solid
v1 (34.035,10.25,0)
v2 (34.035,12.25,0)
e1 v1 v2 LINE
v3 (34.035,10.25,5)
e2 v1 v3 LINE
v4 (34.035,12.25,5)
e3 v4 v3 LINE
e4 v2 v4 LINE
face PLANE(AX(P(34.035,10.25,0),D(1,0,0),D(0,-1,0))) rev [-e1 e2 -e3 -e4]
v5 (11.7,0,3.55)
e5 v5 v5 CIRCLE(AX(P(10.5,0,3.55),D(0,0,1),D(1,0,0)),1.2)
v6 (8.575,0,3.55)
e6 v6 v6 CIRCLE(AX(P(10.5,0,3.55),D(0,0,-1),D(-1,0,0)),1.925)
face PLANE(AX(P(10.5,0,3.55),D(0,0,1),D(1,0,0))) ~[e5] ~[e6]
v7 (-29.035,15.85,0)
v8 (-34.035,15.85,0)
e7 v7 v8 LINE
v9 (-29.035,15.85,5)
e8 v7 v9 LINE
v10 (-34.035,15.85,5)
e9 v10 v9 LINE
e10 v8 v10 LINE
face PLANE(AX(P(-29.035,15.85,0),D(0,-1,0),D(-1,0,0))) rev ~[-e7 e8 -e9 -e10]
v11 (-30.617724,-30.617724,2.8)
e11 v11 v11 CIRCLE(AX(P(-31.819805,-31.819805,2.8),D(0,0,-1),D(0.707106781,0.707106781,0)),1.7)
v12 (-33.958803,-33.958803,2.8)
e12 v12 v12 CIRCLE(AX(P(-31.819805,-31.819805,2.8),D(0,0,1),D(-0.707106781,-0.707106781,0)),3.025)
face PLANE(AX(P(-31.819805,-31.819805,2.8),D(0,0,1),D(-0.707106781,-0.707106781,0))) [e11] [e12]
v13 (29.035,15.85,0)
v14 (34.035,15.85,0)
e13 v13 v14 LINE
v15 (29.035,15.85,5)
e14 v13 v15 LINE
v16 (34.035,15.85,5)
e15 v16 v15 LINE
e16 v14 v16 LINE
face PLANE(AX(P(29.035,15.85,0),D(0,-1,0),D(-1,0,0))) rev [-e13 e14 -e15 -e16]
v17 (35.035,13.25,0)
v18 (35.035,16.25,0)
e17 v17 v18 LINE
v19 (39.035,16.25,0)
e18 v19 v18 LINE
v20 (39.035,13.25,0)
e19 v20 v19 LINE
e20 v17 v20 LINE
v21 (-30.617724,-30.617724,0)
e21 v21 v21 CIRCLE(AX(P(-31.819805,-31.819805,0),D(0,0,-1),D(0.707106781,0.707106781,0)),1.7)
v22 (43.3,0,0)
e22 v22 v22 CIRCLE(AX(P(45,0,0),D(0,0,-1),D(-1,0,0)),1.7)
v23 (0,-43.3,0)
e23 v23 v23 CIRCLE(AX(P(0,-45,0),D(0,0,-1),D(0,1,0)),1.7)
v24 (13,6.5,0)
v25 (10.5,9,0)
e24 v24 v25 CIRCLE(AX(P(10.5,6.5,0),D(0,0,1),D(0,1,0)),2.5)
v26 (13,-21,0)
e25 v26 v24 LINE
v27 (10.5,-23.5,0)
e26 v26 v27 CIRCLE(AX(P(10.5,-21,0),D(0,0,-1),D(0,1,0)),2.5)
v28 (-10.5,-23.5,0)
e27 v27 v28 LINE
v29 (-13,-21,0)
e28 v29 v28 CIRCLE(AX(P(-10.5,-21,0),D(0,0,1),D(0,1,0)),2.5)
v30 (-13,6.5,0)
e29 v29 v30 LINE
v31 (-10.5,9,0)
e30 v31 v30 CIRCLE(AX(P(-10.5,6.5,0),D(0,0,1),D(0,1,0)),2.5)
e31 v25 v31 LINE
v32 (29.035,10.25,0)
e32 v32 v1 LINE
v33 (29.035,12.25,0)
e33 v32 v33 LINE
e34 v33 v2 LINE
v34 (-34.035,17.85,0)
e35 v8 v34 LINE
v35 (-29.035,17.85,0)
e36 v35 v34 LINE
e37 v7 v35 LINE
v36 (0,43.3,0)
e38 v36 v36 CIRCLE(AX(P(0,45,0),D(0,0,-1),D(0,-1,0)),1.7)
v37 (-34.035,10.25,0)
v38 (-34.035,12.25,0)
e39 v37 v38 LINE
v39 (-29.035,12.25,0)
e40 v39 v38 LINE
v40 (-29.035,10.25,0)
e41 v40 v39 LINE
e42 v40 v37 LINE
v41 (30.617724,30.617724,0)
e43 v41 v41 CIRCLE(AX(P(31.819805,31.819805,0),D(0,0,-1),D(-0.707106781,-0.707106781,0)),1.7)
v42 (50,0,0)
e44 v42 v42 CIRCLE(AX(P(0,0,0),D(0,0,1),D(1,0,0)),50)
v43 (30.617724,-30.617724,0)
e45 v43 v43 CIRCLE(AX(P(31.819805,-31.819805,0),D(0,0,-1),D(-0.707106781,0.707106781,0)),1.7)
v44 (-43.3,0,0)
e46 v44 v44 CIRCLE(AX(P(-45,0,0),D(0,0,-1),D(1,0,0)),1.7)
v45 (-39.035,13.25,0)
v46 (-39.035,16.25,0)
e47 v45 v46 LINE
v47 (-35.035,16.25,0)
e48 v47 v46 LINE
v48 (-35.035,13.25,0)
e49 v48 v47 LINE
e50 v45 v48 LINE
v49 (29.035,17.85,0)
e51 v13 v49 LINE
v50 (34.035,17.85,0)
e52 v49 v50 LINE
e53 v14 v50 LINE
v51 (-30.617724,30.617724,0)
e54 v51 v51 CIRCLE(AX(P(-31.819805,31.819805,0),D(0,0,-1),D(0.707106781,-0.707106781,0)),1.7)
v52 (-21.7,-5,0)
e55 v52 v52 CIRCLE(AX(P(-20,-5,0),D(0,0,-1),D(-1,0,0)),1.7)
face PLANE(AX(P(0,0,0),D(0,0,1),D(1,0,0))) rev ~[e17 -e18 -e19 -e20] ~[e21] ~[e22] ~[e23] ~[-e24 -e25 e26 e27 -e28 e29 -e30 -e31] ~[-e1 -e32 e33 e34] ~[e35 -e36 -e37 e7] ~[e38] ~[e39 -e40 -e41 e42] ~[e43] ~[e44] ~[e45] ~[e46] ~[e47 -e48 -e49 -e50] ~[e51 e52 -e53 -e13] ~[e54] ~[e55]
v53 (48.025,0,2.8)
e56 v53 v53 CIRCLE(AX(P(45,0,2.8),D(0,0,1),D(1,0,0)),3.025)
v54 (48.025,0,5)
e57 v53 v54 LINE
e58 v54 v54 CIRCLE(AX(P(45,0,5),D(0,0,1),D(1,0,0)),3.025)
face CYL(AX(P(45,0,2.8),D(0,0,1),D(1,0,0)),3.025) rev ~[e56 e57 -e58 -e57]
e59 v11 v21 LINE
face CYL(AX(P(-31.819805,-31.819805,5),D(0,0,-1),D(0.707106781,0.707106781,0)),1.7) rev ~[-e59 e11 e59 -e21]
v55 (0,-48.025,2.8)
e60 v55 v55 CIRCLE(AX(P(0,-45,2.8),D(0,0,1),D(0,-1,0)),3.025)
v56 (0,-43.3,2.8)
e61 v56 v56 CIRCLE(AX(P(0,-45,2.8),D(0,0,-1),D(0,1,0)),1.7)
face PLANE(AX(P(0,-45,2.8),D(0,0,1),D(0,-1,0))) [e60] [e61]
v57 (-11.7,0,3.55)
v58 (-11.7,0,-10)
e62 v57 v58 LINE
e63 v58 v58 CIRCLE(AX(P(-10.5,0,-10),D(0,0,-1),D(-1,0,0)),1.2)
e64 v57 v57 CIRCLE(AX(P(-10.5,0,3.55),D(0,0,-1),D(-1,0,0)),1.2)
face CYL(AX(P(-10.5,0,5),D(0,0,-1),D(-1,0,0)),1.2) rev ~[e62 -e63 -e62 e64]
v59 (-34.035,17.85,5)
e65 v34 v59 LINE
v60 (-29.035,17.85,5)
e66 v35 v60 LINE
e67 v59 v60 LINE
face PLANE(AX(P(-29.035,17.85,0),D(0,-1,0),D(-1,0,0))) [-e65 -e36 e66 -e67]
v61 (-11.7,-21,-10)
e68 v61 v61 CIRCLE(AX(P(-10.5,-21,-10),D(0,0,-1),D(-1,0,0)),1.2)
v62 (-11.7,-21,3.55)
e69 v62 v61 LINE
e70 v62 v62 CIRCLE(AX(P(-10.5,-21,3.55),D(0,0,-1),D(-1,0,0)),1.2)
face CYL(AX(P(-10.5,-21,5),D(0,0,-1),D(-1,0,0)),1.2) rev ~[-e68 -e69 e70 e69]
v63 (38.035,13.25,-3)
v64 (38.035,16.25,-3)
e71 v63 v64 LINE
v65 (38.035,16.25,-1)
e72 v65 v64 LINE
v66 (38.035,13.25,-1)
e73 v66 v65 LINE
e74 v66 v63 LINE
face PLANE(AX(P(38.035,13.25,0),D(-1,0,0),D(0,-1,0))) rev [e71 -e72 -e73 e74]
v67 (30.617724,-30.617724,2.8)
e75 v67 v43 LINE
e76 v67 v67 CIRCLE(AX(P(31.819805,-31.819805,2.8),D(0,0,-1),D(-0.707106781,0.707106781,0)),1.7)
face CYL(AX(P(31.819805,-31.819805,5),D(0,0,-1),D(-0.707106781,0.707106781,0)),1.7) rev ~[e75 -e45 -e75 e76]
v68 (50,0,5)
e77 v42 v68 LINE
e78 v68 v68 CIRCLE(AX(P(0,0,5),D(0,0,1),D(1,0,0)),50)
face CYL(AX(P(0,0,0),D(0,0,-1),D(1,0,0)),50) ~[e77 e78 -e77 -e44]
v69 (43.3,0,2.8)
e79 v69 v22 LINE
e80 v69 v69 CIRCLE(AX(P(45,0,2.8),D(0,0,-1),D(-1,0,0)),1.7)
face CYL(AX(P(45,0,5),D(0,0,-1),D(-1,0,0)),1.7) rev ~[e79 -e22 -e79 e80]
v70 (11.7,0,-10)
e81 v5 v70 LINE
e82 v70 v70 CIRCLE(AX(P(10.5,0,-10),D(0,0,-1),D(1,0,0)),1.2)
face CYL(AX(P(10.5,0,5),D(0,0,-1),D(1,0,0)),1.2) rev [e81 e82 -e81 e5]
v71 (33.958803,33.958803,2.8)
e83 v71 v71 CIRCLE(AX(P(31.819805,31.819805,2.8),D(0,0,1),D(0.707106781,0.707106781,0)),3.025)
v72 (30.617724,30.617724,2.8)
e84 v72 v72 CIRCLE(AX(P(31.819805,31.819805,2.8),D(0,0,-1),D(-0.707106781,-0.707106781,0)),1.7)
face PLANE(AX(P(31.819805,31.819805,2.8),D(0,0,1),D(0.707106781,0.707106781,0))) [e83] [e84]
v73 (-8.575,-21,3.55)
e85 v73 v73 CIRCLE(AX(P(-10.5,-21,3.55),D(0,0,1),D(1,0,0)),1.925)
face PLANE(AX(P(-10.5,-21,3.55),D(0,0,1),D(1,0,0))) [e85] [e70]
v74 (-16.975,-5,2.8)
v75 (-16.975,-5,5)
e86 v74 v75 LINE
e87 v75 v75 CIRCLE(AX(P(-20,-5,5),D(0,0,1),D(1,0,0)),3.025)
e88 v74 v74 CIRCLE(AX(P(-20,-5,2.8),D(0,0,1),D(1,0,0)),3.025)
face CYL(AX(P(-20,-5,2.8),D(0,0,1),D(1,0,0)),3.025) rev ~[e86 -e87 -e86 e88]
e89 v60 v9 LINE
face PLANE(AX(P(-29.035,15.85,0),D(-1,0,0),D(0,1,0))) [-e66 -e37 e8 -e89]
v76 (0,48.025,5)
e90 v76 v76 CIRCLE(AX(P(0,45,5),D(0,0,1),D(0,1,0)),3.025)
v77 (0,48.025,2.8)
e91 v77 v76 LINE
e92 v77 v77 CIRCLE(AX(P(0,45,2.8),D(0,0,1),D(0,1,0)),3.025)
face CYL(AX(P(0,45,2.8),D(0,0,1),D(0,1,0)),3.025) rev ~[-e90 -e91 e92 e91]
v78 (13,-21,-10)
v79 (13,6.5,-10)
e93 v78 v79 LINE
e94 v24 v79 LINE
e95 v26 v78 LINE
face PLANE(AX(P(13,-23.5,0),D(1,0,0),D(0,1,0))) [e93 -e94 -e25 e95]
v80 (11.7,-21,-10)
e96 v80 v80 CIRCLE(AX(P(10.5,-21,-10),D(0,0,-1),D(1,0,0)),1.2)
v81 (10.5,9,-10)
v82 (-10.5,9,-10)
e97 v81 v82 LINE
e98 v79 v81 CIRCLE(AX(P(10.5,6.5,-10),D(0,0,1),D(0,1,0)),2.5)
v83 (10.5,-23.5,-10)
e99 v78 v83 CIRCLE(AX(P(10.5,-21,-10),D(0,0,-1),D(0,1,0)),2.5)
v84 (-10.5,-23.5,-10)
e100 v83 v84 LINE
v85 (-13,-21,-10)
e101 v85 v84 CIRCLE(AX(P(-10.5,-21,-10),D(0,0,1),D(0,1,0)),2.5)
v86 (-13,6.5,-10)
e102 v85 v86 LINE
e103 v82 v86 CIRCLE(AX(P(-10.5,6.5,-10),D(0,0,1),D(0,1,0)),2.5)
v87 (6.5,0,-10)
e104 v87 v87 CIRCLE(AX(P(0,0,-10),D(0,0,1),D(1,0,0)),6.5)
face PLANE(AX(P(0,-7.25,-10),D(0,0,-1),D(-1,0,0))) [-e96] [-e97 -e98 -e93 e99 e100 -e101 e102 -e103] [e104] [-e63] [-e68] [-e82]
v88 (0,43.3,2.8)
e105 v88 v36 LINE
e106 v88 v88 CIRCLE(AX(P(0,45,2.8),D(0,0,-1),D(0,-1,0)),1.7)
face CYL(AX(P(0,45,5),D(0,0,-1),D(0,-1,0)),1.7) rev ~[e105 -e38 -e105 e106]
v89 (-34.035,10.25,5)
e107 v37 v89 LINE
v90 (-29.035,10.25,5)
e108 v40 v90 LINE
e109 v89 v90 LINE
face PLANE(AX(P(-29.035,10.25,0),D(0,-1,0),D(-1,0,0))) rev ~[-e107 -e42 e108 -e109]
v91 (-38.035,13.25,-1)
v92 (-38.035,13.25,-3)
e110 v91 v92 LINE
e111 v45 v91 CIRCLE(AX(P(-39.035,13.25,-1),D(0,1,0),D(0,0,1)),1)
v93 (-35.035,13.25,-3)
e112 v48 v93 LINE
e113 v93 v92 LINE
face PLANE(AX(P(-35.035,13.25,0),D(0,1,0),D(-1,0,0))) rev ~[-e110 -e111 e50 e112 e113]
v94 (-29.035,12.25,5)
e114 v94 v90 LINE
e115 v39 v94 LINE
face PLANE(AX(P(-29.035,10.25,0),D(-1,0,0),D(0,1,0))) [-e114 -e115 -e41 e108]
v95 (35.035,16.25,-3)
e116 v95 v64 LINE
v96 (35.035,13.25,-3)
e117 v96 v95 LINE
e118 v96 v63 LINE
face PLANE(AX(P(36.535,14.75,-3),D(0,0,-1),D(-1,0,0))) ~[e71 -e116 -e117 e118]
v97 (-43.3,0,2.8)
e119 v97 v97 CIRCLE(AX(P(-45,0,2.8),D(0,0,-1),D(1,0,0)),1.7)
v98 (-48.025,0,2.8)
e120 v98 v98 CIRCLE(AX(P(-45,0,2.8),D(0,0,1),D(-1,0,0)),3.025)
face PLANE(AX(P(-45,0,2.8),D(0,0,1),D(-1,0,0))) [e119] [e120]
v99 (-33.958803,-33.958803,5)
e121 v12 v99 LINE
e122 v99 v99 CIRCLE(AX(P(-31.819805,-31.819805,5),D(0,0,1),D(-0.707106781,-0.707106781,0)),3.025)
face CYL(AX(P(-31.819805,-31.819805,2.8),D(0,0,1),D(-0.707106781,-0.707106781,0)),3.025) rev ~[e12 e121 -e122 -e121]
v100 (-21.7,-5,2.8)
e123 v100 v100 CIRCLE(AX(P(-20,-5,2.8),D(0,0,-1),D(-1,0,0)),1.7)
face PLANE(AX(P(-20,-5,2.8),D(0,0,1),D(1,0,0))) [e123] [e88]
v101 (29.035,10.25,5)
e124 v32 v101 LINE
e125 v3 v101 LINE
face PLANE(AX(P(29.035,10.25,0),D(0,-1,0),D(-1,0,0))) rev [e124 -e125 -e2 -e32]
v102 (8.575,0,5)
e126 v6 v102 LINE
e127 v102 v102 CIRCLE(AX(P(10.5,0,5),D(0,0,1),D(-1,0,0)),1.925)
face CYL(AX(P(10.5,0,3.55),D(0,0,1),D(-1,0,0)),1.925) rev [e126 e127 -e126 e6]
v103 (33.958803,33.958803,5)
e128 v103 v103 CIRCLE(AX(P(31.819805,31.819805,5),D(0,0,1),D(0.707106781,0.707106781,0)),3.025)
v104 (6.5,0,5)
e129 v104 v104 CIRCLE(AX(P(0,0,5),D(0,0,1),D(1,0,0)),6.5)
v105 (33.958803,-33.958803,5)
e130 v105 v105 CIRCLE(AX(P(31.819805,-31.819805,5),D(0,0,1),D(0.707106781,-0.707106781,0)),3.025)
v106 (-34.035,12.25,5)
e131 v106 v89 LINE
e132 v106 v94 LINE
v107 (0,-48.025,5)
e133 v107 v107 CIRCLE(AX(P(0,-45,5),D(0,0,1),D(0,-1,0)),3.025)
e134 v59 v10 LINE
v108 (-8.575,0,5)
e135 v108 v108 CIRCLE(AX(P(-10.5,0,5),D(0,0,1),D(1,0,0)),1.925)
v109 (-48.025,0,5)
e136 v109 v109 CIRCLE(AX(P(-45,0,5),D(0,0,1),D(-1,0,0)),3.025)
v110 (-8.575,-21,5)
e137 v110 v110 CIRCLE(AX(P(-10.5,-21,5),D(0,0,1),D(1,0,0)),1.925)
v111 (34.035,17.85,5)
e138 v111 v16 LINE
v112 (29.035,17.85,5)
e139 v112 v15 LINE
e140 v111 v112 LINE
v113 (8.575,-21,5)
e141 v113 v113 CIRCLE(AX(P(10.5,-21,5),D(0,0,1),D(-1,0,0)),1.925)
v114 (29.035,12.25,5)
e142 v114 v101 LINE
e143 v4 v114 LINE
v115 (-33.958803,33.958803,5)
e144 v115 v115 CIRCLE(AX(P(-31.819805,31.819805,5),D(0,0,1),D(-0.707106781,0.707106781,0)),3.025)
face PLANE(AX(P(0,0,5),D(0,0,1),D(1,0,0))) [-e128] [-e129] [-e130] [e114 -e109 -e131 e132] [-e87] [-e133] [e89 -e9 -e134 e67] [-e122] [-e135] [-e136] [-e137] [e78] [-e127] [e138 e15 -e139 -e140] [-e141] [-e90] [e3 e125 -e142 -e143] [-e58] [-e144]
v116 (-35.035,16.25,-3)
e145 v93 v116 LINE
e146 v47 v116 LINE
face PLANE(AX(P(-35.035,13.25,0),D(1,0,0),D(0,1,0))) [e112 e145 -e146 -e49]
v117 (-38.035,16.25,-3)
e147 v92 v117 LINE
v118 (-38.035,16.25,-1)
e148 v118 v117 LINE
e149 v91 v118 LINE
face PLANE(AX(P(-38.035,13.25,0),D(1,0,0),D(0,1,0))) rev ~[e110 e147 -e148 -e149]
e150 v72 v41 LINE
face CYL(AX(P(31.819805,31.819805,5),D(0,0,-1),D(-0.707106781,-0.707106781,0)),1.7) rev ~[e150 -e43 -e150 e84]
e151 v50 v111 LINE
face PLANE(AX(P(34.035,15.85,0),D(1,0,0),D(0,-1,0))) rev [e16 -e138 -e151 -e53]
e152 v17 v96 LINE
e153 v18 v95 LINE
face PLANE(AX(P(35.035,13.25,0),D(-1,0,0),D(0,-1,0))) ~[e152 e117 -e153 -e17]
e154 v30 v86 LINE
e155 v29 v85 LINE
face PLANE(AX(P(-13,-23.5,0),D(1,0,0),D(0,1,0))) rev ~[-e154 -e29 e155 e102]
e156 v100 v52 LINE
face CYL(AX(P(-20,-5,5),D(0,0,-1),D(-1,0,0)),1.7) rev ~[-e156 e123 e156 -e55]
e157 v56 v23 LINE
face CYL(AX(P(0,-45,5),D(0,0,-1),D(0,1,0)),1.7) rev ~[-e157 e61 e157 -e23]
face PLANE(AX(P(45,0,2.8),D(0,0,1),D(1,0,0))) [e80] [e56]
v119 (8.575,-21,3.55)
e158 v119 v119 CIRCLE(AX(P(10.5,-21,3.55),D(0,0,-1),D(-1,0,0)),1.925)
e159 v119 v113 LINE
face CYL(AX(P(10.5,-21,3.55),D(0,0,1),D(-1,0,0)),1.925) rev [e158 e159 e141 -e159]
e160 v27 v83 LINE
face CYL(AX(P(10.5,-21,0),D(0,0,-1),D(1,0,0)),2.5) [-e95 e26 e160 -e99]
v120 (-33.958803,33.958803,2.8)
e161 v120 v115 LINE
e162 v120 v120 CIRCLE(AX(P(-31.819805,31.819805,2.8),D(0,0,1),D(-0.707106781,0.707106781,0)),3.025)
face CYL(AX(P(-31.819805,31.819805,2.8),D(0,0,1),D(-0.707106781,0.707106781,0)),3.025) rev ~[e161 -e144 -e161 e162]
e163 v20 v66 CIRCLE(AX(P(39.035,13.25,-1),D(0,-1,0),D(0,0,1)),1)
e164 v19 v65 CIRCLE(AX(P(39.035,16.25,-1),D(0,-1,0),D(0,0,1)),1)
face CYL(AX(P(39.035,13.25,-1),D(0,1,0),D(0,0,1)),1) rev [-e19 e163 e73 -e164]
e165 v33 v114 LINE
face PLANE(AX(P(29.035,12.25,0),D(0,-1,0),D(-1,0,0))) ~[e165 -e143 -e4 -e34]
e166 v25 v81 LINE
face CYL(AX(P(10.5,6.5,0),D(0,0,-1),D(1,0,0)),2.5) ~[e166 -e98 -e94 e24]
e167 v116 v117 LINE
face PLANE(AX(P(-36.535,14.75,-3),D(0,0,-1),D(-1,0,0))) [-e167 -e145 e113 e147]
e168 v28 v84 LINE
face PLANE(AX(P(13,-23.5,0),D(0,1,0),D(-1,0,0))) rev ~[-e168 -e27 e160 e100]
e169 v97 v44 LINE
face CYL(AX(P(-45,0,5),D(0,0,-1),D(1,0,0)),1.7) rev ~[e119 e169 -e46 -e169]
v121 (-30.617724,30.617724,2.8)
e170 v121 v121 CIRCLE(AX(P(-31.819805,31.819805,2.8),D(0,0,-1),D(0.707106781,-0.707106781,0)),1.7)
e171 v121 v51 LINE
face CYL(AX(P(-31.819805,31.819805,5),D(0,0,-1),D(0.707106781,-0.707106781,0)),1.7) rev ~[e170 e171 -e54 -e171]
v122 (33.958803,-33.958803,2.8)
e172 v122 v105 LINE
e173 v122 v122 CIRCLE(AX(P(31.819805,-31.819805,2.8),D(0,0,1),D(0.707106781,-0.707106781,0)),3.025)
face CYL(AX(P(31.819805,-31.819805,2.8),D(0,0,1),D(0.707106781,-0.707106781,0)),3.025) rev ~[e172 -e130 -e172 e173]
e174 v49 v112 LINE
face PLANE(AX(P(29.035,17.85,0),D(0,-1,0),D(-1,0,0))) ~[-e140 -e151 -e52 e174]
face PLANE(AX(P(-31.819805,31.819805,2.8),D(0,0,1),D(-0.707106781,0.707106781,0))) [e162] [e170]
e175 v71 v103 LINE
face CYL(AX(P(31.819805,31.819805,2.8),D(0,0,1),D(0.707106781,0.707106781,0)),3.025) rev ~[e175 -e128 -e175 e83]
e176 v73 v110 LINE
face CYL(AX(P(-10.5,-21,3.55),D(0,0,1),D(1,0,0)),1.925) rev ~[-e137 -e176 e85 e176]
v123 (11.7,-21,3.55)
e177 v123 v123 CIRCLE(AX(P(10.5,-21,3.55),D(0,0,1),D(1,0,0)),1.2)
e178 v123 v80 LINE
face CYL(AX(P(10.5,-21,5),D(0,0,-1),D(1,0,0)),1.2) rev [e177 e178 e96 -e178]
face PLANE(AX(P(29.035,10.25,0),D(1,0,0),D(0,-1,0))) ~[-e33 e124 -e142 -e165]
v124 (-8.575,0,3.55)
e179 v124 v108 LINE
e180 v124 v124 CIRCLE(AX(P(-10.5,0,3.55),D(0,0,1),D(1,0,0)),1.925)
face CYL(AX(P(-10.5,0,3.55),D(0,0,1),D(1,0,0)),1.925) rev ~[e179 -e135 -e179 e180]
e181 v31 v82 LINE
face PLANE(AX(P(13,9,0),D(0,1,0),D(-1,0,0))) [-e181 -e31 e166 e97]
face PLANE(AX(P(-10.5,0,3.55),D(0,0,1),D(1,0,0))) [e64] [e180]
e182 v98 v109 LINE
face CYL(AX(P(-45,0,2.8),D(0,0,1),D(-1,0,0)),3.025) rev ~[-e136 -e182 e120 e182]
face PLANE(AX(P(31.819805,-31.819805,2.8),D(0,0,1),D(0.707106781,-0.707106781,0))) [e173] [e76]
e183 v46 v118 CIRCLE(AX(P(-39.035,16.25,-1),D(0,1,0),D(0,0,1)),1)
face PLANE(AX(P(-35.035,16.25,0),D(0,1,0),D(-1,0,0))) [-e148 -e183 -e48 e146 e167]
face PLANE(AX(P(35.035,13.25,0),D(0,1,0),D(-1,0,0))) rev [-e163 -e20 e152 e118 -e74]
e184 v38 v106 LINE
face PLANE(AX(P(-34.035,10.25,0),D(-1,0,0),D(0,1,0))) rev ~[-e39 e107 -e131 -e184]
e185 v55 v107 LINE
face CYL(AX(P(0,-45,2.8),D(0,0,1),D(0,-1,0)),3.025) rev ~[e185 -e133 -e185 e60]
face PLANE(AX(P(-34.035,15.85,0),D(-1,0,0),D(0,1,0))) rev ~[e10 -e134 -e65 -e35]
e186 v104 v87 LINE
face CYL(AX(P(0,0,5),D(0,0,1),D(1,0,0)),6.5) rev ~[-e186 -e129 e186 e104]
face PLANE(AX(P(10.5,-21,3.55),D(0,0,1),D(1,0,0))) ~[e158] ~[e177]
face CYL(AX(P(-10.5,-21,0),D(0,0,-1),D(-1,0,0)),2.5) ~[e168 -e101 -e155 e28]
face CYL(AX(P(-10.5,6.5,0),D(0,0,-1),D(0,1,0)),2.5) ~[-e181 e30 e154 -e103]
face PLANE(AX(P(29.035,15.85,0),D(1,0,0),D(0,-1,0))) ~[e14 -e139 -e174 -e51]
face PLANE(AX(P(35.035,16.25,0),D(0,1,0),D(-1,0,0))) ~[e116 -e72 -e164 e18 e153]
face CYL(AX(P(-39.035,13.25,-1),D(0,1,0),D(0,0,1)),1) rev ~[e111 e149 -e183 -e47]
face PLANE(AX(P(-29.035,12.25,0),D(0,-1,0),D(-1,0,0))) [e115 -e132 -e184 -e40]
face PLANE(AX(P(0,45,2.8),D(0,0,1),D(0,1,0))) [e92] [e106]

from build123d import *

# Parameters (mm, degrees)
SKETCH_1_R                   = 50
EXTRUDE_1_DEPTH              = 5
SKETCH_13_W                  = 26
SKETCH_13_H                  = 32.5
EXTRUDE_3_DEPTH              = 10
FILLET_2_R                   = 2.5
SKETCH_6_R                   = 6.5
CUT_EXTRUDE_1_DEPTH          = 73.284161474
HOLE_WIZARD_M2_1_D           = 2.4
HOLE_WIZARD_M2_1_CBORE_D     = 3.85
HOLE_WIZARD_M2_1_CBORE_DEPTH = 1.45
HOLE_WIZARD_M3_2_D           = 3.4
HOLE_WIZARD_M3_2_CBORE_D     = 6.05
HOLE_WIZARD_M3_2_CBORE_DEPTH = 2.2
PATTERN_CIRCULAR_1_COUNT     = 8
SKETCH_7_W                   = 3
SKETCH_7_H                   = 3
EXTRUDE_2_DEPTH              = 3
FILLET_1_R                   = 1
FILLET_1_OF_MIRROR_2_R       = 1
SKETCH_9_W                   = 5
SKETCH_9_H                   = 2
CUT_EXTRUDE_2_DEPTH          = 72.414284285
HOLE_WIZARD_M3_3_D           = 3.4
HOLE_WIZARD_M3_3_CBORE_D     = 6.05
HOLE_WIZARD_M3_3_CBORE_DEPTH = 2.2


with BuildPart() as part:
    # ｽｹｯﾁ1 → ﾎﾞｽ - 押し出し1 (new body)
    with BuildSketch(Plane.XY):
        Circle(SKETCH_1_R)
    extrude(amount=EXTRUDE_1_DEPTH)

    # ｽｹｯﾁ13 → ﾎﾞｽ - 押し出し3 (add)
    with BuildSketch(Plane(origin=(0, 0, 0), x_dir=(-1, 0, 0), z_dir=(0, 0, -1))):
        with Locations((0, -7.25)):
            Rectangle(SKETCH_13_W, SKETCH_13_H)
    extrude(amount=EXTRUDE_3_DEPTH)

    # ﾌｨﾚｯﾄ2
    fillet_2_edges = [part.edges().sort_by_distance(p)[0] for p in [
        (13, 9, -5),
        (13, -23.5, -5),
        (-13, -23.5, -5),
        (-13, 9, -5),
    ]]
    fillet(fillet_2_edges, radius=FILLET_2_R)

    # ｽｹｯﾁ6 → ｶｯﾄ - 押し出し1 (cut, through all)
    with BuildSketch(Plane.XY.offset(5)):
        Circle(SKETCH_6_R)
    extrude(amount=-CUT_EXTRUDE_1_DEPTH, mode=Mode.SUBTRACT)

    # M2 丸平ねじ用座ぐり穴1 (through all)
    with Locations(Plane.XY.offset(5)):
        with Locations((-10.5, 0), (-10.5, -21)):
            hole_wizard_m2_1 = CounterBoreHole(HOLE_WIZARD_M2_1_D / 2, HOLE_WIZARD_M2_1_CBORE_D / 2, HOLE_WIZARD_M2_1_CBORE_DEPTH)

    # ﾐﾗｰ1: M2 丸平ねじ用座ぐり穴1 across plane
    add(hole_wizard_m2_1.mirror(Plane(origin=(0, 0, 0), x_dir=(0, 0, 1), z_dir=(1, 0, 0))), mode=Mode.SUBTRACT)

    # M3 丸平ねじ用座ぐり穴2 (through all)
    with Locations(Plane.XY.offset(5)):
        with Locations((45, 0)):
            hole_wizard_m3_2 = CounterBoreHole(HOLE_WIZARD_M3_2_D / 2, HOLE_WIZARD_M3_2_CBORE_D / 2, HOLE_WIZARD_M3_2_CBORE_DEPTH)

    # 円形ﾊﾟﾀｰﾝ1: M3 丸平ねじ用座ぐり穴2 ×8 about axis
    pattern_circular_1_axis = Axis((0, 0, 0), (0, 0, 1))
    for i in range(1, PATTERN_CIRCULAR_1_COUNT):
        add(hole_wizard_m3_2.rotate(pattern_circular_1_axis, i * 360 / PATTERN_CIRCULAR_1_COUNT), mode=Mode.SUBTRACT)

    # ｽｹｯﾁ7 → ﾎﾞｽ - 押し出し2 (add)
    with BuildSketch(Plane(origin=(0, 0, 0), x_dir=(-1, 0, 0), z_dir=(0, 0, -1))):
        with Locations((36.535, 14.75)):
            Rectangle(SKETCH_7_W, SKETCH_7_H)
    extrude_2 = extrude(amount=EXTRUDE_2_DEPTH)

    # ﾌｨﾚｯﾄ1
    fillet_1_edges = [part.edges().sort_by_distance(p)[0] for p in [
        (-38.035, 14.75, 0),
    ]]
    fillet(fillet_1_edges, radius=FILLET_1_R)

    # ﾐﾗｰ2: ﾎﾞｽ - 押し出し2 across plane
    add(extrude_2.mirror(Plane(origin=(0, 0, 0), x_dir=(0, 0, 1), z_dir=(1, 0, 0))))

    # ﾌｨﾚｯﾄ1 of ﾐﾗｰ2
    fillet_1_of_mirror_2_edges = [part.edges().sort_by_distance(p)[0] for p in [
        (38.035, 14.75, 0),
    ]]
    fillet(fillet_1_of_mirror_2_edges, radius=FILLET_1_OF_MIRROR_2_R)

    # ｽｹｯﾁ9 → ｶｯﾄ - 押し出し2 (cut, through all)
    with BuildSketch(Plane(origin=(0, 0, 0), x_dir=(-1, 0, 0), z_dir=(0, 0, -1))):
        with Locations((31.535, 16.85)):
            Rectangle(SKETCH_9_W, SKETCH_9_H)
        with Locations((31.535, 11.25)):
            Rectangle(SKETCH_9_W, SKETCH_9_H)
    cut_extrude_2 = extrude(amount=-CUT_EXTRUDE_2_DEPTH, mode=Mode.SUBTRACT)

    # ﾐﾗｰ3: ｶｯﾄ - 押し出し2 across plane
    add(cut_extrude_2.mirror(Plane(origin=(0, 0, 0), x_dir=(0, 0, 1), z_dir=(1, 0, 0))), mode=Mode.SUBTRACT)

    # M3 丸平ねじ用座ぐり穴3 (through all)
    with Locations(Plane.XY.offset(5)):
        with Locations((-20, -5)):
            CounterBoreHole(HOLE_WIZARD_M3_3_D / 2, HOLE_WIZARD_M3_3_CBORE_D / 2, HOLE_WIZARD_M3_3_CBORE_DEPTH)


solid = part.part
